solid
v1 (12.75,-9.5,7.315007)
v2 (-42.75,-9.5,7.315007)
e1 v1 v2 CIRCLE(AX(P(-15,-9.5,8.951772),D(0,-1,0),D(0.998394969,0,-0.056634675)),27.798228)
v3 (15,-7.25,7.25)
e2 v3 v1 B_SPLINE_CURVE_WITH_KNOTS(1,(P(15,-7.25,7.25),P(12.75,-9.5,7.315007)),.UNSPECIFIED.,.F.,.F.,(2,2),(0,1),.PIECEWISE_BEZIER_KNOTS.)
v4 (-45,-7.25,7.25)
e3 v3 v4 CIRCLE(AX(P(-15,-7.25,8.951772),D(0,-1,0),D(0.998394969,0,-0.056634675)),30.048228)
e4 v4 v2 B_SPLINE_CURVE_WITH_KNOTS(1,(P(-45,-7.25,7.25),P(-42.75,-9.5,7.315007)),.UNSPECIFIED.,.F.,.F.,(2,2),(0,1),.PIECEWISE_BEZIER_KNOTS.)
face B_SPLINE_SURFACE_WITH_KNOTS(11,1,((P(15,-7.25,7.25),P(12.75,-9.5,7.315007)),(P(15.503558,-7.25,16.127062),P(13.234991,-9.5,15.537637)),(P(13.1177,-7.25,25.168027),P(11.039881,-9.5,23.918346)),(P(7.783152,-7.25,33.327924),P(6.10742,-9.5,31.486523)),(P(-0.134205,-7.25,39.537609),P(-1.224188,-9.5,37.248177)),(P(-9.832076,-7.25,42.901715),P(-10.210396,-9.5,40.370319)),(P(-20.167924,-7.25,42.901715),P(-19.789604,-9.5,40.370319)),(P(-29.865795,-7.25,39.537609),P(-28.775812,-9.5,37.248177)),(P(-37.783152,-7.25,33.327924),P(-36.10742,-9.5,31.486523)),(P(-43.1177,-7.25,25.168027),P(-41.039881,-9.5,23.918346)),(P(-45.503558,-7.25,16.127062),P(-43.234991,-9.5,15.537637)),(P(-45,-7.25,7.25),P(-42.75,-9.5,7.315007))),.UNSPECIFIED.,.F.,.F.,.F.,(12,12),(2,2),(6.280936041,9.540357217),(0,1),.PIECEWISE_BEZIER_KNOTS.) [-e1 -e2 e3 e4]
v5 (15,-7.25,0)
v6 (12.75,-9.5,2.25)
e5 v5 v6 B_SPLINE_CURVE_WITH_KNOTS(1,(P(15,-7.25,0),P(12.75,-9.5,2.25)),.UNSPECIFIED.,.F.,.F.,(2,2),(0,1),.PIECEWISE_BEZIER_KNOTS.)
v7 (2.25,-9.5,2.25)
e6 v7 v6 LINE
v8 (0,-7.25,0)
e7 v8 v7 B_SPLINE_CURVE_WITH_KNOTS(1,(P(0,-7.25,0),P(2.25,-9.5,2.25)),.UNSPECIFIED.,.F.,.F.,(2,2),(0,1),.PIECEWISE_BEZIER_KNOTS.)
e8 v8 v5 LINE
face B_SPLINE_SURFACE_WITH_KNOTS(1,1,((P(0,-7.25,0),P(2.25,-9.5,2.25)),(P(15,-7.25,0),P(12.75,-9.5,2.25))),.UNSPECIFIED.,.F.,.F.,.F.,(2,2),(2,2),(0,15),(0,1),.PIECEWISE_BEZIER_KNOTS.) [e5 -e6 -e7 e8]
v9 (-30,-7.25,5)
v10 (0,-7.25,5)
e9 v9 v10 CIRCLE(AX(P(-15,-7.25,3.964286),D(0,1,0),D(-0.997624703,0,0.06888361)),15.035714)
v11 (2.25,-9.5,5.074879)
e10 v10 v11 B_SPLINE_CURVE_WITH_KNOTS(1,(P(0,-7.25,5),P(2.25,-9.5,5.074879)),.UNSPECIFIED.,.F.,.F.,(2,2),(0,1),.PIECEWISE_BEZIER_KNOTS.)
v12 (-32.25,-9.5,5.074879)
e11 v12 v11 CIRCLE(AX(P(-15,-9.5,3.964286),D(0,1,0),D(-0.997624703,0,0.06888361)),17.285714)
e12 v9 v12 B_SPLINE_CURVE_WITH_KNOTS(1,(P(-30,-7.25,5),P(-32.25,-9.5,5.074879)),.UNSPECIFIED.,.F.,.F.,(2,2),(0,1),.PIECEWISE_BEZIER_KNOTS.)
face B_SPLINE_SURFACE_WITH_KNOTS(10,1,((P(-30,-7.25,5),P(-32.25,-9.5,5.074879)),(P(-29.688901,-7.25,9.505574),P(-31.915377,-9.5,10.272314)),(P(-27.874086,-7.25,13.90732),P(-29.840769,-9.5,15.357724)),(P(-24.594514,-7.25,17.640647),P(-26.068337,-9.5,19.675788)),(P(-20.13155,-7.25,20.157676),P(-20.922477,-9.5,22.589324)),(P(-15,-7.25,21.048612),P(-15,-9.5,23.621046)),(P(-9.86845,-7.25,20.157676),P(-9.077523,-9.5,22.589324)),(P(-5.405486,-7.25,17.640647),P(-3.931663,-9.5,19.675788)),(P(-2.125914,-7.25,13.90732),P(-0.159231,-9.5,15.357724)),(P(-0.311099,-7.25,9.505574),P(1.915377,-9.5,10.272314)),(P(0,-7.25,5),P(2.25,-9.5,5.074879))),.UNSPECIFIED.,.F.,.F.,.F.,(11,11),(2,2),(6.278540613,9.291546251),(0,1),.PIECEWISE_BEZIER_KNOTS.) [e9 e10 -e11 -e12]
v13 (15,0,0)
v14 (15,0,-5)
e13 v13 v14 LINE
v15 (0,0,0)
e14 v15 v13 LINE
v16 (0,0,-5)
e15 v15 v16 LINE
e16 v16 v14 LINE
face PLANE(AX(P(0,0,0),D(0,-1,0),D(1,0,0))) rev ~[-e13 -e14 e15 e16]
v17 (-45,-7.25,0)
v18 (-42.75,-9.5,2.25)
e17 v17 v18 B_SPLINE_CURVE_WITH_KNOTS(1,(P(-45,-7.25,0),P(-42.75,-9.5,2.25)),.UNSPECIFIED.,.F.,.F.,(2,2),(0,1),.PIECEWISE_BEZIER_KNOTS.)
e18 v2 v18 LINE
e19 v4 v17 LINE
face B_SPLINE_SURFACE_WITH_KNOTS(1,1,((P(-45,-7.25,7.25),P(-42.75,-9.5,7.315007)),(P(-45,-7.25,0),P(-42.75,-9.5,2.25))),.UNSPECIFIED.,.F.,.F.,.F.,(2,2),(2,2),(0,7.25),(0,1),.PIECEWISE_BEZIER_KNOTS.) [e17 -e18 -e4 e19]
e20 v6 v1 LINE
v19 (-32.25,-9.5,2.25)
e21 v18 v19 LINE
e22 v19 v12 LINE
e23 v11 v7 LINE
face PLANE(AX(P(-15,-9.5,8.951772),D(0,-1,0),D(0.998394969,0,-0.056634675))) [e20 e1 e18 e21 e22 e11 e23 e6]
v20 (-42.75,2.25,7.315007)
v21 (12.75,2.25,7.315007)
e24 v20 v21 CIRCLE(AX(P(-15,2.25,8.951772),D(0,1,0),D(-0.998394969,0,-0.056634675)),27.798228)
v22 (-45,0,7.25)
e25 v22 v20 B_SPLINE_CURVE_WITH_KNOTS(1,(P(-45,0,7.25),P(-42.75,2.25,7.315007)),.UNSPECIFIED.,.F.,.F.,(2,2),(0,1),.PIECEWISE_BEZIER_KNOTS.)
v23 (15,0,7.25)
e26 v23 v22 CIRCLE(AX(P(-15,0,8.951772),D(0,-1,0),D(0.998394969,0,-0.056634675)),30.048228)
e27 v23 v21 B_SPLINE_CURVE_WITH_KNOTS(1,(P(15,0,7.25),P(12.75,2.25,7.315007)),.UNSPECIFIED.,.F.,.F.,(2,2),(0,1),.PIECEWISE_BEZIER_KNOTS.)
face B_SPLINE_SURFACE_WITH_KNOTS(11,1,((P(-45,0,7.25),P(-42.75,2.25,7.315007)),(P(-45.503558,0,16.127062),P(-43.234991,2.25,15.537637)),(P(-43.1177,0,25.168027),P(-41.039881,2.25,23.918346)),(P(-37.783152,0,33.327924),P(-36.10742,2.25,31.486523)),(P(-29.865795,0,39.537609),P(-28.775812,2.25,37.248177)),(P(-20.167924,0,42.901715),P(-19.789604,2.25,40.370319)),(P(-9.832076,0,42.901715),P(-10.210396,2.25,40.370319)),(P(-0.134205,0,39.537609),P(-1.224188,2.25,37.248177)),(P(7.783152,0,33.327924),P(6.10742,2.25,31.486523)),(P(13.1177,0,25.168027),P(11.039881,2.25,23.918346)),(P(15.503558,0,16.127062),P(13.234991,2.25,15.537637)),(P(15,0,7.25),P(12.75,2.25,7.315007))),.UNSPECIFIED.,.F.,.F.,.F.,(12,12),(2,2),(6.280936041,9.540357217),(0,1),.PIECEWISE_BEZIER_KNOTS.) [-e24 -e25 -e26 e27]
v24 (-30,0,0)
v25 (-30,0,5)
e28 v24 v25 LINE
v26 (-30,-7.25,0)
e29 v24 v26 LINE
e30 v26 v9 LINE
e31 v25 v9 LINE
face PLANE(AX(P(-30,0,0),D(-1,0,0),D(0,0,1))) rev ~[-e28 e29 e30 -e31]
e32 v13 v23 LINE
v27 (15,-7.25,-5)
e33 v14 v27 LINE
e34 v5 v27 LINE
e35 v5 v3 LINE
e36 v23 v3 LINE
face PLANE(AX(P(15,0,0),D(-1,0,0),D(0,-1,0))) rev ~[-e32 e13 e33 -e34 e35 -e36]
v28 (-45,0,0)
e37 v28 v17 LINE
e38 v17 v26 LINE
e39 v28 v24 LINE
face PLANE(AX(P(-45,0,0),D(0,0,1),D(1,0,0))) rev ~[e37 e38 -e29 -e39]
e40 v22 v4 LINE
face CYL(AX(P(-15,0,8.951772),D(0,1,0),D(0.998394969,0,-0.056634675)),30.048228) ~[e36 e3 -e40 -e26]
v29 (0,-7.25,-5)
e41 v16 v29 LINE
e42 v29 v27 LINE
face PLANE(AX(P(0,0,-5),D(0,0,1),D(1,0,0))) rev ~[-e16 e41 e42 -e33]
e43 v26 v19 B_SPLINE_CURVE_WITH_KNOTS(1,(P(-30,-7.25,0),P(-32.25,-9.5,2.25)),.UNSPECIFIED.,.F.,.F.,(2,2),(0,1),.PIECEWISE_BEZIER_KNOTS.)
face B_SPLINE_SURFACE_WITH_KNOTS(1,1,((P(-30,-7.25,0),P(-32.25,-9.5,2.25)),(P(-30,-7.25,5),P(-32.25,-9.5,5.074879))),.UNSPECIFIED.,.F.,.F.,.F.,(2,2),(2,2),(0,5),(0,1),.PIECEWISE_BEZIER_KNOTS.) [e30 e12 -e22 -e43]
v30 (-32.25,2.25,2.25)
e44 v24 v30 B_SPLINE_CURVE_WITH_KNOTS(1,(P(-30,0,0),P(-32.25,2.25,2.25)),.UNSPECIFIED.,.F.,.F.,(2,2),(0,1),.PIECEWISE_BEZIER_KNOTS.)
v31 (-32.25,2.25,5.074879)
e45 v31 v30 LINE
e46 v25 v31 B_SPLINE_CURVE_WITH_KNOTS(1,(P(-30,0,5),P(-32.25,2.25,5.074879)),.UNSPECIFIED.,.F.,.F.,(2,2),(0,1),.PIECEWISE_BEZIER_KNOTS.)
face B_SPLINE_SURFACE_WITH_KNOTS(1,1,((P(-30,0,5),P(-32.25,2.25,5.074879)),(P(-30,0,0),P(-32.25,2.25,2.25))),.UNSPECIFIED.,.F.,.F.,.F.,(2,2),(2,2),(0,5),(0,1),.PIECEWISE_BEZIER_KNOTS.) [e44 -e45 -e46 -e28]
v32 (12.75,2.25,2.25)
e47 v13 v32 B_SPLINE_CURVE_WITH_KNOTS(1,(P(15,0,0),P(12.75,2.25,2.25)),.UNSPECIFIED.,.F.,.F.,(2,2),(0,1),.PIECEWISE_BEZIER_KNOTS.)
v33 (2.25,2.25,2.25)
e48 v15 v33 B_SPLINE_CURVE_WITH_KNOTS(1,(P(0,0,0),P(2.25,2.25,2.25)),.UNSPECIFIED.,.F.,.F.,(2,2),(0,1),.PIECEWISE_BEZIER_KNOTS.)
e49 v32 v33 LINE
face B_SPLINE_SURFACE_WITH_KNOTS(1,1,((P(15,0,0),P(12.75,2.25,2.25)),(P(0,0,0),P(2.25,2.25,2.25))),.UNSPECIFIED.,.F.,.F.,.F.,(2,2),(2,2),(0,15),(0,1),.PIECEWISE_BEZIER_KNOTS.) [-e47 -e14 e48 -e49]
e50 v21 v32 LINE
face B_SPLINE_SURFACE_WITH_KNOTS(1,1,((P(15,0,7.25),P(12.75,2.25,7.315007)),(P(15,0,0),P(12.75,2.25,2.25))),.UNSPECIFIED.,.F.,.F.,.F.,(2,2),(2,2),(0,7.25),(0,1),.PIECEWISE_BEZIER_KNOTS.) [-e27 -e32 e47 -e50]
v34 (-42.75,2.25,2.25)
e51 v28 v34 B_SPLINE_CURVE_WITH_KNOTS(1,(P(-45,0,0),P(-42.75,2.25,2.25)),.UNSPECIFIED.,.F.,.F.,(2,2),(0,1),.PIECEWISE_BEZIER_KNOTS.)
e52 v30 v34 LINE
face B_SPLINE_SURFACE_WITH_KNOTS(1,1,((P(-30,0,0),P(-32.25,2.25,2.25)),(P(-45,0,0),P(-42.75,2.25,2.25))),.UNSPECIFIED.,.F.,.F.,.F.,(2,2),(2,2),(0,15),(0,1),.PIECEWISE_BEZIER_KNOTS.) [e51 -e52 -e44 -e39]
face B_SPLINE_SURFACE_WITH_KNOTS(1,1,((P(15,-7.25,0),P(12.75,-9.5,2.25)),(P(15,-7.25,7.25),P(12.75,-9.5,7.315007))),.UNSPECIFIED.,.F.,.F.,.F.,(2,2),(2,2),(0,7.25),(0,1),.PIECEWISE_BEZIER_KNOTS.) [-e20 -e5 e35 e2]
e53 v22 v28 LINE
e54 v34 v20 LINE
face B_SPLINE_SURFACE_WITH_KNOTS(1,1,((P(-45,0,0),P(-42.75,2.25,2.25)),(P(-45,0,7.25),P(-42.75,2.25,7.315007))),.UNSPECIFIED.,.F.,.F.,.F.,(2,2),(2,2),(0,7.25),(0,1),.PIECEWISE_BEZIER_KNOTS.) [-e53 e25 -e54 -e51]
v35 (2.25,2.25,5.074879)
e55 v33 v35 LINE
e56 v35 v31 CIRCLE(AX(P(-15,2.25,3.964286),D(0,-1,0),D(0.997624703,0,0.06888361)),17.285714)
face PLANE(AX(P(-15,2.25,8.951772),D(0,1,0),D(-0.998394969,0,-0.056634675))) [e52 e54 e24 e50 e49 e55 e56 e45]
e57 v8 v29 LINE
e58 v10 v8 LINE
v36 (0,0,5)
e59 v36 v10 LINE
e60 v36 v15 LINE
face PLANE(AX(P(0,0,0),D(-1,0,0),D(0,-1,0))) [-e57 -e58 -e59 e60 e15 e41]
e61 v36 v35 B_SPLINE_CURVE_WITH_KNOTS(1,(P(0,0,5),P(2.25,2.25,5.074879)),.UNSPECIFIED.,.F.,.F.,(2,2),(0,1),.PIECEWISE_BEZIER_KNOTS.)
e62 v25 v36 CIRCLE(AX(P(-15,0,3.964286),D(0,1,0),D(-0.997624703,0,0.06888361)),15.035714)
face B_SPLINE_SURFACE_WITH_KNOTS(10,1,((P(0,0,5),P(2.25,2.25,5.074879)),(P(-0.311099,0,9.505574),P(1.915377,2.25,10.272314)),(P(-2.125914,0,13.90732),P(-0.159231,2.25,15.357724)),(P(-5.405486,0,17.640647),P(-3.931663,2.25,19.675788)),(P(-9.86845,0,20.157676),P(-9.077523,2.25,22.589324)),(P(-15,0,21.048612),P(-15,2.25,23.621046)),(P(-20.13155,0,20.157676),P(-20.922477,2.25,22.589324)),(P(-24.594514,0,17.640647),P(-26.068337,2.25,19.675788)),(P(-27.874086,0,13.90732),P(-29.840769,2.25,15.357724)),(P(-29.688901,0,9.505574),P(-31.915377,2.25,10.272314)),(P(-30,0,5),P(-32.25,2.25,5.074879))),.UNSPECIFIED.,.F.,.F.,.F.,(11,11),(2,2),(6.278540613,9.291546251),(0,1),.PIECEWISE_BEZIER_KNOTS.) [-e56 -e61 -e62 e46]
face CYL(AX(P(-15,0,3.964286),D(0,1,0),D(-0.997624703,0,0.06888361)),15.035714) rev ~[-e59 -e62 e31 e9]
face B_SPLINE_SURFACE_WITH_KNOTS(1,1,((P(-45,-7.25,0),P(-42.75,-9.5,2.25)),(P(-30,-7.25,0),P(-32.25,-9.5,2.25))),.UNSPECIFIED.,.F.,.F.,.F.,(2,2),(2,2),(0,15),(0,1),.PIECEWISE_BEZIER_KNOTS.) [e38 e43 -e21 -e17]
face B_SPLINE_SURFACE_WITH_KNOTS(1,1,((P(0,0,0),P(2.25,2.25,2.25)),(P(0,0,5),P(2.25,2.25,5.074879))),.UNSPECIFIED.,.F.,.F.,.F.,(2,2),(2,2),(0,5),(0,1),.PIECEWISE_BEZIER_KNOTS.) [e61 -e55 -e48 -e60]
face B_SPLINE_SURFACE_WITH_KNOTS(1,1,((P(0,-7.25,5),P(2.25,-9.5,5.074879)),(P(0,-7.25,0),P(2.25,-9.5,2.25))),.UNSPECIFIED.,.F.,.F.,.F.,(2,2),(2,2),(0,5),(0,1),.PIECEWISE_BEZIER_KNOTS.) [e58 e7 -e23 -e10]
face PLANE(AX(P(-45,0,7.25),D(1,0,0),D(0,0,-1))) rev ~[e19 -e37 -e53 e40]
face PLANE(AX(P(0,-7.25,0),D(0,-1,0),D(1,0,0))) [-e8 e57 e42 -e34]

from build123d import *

# Parameters (mm, degrees)
F1_DEPTH = 7.25
F3_DEPTH = 2.25
F3_TAPER = 45
F4_DEPTH = 2.25
F4_TAPER = 45
F5_DEPTH = 5


with BuildPart() as f1:
    # F0 (on Front) → F1 (new body)
    with BuildSketch(Plane.XZ):
        with BuildLine():
            Line((-45, 0), (-30, 0))
            Line((-30, 0), (-30, 5))
            ThreePointArc((-30, 5), (-15, 19), (0, 5))
            Line((0, 5), (0, 0))
            Line((0, 0), (15, 0))
            Line((15, 0), (15, 7.25))
            ThreePointArc((15, 7.25), (-15, 39), (-45, 7.25))
            Line((-45, 7.25), (-45, 0))
        make_face()
    extrude(amount=F1_DEPTH)

    # F2 (on face) → F3 (join)
    with BuildSketch(Plane.XZ.offset(7.25)):
        with BuildLine():
            ThreePointArc((15, 7.25), (-15, 39), (-45, 7.25))
            Line((-45, 7.25), (-45, 0))
            Line((-45, 0), (-30, 0))
            Line((-30, 0), (-30, 5))
            ThreePointArc((-30, 5), (-15, 19), (0, 5))
            Line((0, 5), (0, 0))
            Line((0, 0), (15, 0))
            Line((15, 0), (15, 7.25))
        make_face()
    extrude(amount=F3_DEPTH, taper=F3_TAPER)

    # F1_face1 (on face) → F4 (join)
    with BuildSketch(Plane(origin=(-15, 0, 19.7628829263), x_dir=(1, 0, 0), z_dir=(0, 1, 0))):
        with BuildLine():
            Line((-30, 19.7628829263), (-30, 12.5128829263))
            ThreePointArc((-30, 12.5128829263), (0, -19.2371170737), (30, 12.5128829263))
            Line((30, 12.5128829263), (30, 19.7628829263))
            Line((30, 19.7628829263), (15, 19.7628829263))
            Line((15, 19.7628829263), (15, 14.7628829263))
            ThreePointArc((15, 14.7628829263), (0, 0.7628829263), (-15, 14.7628829263))
            Line((-15, 14.7628829263), (-15, 19.7628829263))
            Line((-15, 19.7628829263), (-30, 19.7628829263))
        make_face()
    extrude(amount=F4_DEPTH, taper=F4_TAPER)

    # F5 (add): a face of the model
    f5_faces = [f1.faces().sort_by_distance(p)[0] for p in [
        (7.5, -3.625, 0),
    ]]
    extrude(f5_faces, amount=F5_DEPTH)


solid = f1.part
